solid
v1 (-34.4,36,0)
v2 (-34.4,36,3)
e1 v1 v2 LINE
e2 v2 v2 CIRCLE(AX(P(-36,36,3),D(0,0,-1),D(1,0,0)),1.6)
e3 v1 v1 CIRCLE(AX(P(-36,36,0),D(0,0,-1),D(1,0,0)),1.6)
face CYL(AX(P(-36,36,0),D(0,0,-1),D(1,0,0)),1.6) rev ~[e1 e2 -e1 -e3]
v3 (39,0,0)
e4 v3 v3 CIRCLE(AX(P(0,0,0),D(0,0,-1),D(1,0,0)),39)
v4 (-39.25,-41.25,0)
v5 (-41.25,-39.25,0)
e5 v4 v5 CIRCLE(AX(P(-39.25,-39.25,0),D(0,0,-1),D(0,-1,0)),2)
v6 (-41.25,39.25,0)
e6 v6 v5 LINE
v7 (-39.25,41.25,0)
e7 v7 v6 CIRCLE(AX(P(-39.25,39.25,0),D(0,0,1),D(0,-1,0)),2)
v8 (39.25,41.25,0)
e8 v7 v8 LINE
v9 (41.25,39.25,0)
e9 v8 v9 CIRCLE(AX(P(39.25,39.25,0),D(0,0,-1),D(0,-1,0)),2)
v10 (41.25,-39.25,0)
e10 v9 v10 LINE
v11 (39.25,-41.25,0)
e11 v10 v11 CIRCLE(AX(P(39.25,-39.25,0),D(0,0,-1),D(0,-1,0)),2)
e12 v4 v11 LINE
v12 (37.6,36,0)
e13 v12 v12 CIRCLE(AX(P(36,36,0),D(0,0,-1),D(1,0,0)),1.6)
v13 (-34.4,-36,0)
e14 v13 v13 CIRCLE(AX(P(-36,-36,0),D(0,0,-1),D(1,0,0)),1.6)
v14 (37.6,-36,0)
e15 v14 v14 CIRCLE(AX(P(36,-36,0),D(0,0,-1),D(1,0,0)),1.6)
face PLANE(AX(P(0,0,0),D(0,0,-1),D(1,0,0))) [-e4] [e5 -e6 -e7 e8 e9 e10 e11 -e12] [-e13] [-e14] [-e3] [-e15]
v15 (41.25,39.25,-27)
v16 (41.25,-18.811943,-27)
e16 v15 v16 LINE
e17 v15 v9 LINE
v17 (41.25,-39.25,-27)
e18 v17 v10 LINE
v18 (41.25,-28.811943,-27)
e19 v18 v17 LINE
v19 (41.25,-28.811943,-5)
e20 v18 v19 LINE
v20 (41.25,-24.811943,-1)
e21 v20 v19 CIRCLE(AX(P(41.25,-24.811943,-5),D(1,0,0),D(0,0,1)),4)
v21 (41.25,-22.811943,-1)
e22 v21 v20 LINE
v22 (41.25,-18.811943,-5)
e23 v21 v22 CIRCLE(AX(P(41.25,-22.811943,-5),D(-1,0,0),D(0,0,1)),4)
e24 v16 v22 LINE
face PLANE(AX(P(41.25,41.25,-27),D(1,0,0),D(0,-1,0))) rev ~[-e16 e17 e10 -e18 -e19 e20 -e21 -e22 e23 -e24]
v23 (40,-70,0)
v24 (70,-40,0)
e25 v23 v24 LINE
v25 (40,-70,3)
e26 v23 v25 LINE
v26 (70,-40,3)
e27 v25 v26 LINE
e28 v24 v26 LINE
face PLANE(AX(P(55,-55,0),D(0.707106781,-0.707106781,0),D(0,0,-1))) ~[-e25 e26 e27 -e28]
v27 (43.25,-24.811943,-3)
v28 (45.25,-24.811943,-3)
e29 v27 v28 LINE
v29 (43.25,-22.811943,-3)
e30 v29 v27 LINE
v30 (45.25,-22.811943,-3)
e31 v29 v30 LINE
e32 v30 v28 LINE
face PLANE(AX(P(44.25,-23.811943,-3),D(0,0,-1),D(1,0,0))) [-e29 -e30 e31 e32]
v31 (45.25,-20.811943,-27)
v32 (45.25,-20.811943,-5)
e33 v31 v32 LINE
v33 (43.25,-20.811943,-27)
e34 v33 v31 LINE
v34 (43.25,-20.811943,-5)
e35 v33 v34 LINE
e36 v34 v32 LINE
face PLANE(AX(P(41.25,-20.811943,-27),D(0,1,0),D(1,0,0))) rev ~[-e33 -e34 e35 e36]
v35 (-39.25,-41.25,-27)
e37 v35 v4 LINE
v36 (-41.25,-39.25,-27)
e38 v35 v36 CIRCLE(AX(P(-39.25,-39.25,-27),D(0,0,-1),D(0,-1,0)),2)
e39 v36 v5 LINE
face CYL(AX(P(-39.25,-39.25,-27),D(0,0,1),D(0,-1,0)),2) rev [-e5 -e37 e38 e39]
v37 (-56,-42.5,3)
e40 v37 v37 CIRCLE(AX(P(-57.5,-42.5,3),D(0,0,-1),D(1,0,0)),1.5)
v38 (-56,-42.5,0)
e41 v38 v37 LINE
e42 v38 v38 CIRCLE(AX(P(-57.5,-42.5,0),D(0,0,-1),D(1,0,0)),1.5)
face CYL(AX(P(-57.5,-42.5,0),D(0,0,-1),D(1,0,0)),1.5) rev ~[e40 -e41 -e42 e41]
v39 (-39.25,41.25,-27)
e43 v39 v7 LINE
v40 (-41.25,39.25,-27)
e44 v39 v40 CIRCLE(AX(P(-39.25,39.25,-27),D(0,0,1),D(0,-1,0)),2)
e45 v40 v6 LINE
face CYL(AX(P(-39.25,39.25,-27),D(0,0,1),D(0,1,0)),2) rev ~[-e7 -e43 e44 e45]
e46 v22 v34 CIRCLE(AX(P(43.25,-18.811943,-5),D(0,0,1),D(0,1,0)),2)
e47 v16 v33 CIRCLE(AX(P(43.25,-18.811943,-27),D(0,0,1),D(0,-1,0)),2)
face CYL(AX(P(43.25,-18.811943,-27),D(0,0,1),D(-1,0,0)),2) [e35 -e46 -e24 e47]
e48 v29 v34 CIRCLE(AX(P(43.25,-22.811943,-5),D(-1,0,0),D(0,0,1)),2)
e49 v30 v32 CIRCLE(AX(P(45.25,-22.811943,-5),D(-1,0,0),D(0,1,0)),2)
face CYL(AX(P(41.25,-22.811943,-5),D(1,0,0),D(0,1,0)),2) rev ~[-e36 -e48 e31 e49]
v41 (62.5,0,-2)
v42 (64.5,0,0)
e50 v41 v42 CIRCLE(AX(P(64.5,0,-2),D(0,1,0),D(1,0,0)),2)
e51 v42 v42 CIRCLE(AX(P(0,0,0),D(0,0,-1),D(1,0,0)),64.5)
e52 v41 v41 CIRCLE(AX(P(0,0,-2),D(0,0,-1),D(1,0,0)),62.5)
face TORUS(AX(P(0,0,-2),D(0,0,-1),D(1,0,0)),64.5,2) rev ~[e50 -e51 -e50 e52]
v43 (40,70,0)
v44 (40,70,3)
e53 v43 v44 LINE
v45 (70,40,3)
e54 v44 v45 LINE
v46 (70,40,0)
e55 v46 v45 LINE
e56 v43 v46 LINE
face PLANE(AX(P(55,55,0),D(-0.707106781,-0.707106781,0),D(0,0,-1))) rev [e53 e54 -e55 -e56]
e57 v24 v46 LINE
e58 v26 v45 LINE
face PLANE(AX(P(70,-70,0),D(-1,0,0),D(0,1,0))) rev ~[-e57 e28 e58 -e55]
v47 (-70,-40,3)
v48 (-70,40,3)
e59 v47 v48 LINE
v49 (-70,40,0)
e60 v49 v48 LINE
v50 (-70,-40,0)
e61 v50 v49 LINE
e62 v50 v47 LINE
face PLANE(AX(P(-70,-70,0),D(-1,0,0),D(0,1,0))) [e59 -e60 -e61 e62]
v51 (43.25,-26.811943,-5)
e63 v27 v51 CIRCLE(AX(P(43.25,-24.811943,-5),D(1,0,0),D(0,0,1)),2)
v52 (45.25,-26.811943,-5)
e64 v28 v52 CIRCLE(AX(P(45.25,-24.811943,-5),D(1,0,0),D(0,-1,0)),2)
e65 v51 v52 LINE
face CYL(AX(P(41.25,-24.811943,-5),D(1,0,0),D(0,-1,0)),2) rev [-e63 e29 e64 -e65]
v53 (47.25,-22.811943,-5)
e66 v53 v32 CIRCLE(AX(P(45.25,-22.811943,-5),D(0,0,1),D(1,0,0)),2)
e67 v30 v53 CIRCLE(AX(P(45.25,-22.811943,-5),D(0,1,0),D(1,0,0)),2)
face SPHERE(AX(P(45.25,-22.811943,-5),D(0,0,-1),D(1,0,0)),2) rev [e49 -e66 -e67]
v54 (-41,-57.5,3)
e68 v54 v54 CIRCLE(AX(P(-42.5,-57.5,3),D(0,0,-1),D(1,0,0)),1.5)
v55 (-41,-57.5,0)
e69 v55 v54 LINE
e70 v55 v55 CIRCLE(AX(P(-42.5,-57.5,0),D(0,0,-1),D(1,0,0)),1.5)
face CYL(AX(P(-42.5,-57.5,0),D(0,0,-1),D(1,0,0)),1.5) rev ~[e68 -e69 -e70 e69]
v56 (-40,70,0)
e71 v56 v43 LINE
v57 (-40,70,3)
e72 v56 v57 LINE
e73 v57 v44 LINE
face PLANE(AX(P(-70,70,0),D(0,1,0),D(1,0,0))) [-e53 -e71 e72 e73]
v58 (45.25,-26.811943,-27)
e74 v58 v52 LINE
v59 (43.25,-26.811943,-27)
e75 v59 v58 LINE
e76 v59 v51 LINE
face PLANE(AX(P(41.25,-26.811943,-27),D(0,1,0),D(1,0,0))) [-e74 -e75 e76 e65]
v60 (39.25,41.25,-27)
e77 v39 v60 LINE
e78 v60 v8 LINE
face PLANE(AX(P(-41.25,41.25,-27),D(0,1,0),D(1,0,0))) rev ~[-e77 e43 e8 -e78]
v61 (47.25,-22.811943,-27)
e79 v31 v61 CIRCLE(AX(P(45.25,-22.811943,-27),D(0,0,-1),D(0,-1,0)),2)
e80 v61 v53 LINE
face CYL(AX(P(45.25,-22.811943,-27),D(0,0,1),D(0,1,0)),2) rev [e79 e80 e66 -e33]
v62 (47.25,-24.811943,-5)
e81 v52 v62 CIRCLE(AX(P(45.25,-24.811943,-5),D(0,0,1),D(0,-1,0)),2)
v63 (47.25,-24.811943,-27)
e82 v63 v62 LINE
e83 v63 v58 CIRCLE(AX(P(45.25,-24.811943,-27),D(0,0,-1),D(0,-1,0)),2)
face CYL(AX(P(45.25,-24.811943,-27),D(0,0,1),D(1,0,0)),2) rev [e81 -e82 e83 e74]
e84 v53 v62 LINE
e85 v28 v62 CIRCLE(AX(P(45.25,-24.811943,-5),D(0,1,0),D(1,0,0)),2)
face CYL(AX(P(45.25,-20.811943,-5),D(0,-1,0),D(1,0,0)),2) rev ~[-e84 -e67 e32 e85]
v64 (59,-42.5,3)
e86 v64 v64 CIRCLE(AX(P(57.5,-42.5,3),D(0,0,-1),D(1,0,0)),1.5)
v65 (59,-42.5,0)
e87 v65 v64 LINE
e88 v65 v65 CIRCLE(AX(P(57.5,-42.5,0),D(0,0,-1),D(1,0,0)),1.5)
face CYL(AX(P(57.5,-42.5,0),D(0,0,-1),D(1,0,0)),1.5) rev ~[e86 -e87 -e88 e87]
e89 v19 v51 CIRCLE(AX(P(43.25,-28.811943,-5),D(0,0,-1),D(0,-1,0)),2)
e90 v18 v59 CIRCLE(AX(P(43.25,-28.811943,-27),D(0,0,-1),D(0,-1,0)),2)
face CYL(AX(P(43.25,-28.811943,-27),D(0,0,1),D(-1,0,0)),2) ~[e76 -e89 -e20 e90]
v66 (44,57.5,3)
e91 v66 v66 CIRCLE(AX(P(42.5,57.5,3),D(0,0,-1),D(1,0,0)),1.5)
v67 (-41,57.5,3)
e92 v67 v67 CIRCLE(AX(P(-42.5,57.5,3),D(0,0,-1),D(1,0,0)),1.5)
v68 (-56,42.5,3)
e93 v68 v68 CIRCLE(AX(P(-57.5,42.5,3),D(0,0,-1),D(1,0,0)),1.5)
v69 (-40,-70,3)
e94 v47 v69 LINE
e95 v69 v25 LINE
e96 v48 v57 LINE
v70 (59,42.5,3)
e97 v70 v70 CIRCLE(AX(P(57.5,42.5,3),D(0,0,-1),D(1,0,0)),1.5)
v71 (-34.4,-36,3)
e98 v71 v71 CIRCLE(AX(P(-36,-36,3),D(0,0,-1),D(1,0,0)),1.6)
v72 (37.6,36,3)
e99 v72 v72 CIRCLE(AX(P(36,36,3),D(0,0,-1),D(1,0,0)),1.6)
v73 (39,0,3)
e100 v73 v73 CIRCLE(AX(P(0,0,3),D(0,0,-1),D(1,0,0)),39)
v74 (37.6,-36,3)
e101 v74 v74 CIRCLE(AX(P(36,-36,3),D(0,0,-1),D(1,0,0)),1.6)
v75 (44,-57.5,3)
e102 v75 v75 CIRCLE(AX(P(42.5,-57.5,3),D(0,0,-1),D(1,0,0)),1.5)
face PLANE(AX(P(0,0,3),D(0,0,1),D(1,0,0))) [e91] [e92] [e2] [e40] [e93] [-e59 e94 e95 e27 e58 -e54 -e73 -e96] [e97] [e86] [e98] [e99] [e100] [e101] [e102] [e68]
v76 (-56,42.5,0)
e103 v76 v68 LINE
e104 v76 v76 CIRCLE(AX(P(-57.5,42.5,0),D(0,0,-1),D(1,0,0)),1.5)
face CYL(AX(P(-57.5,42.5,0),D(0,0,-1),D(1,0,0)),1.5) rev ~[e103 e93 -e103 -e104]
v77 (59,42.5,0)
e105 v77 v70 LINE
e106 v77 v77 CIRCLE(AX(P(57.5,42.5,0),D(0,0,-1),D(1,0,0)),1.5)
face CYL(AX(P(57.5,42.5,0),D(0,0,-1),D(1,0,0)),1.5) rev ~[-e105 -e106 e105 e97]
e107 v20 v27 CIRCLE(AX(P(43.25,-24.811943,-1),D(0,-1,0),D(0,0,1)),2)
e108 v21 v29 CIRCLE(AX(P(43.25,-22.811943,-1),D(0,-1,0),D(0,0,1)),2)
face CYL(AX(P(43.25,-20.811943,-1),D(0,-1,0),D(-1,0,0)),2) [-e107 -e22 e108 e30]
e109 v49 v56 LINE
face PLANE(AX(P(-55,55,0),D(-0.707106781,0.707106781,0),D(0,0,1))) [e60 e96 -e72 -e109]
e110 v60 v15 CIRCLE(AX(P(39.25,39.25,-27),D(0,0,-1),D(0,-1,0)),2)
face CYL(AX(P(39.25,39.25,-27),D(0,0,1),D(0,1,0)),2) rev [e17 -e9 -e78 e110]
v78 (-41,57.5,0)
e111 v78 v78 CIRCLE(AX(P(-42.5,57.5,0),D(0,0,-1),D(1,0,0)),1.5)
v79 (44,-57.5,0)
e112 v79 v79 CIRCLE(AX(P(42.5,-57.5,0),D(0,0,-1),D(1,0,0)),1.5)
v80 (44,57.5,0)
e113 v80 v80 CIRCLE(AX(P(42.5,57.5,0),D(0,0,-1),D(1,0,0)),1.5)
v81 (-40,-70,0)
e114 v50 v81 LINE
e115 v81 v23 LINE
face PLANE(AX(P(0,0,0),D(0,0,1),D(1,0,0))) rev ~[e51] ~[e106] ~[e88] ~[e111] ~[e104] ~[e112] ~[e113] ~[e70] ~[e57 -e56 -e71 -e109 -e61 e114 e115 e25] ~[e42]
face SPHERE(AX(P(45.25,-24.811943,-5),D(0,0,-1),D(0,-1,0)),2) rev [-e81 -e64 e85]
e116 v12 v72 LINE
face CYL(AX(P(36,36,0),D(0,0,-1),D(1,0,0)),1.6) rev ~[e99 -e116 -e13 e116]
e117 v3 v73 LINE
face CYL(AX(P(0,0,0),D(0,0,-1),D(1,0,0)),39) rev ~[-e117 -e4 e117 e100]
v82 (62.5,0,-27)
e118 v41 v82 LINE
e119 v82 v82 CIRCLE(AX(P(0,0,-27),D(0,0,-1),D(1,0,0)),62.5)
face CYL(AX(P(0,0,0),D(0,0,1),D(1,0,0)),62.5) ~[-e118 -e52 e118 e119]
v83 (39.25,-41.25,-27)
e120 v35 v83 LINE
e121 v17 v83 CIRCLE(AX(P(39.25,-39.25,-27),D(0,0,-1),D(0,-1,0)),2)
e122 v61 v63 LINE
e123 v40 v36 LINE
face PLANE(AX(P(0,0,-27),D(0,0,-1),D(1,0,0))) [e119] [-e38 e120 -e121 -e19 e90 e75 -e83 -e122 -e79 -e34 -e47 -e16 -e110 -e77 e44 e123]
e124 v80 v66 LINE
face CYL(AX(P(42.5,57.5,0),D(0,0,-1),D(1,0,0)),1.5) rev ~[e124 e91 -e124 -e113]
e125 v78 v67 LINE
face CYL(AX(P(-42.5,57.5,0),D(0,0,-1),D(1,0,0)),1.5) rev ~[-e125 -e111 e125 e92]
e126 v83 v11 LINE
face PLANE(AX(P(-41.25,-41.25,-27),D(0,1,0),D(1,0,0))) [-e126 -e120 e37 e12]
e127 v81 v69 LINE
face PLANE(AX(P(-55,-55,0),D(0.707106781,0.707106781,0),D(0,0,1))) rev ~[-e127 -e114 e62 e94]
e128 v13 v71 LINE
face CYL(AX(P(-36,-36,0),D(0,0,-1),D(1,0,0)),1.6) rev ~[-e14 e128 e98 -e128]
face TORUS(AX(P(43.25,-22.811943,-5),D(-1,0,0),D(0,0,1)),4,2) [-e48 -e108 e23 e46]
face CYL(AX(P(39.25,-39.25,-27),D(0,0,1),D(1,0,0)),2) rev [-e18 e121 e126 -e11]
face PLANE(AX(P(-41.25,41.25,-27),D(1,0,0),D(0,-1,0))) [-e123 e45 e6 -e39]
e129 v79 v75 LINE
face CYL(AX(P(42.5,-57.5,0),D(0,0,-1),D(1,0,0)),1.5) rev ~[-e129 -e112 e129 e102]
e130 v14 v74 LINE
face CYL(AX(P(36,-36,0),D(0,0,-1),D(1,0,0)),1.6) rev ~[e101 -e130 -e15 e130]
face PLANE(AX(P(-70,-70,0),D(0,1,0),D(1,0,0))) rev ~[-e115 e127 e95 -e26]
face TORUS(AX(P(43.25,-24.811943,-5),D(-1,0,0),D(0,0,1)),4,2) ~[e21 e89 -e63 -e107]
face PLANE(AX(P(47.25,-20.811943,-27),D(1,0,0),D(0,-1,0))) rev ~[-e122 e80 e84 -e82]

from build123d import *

# Parameters (mm, degrees)
SKETCH_W        = 140
SKETCH_H        = 140
PAD_DEPTH       = 3
SKETCH001_R     = 62.5
PAD001_DEPTH    = 27
SKETCH002_W     = 82.5
SKETCH002_H     = 82.5
POCKET_DEPTH    = 27
SKETCH003_R     = 1.6
SKETCH003_R_2   = 39
POCKET001_DEPTH = 5
FILLET_R        = 2
CHAMFER_SIZE    = 30
SKETCH004_R     = 1.5
HOLE_DEPTH      = 25
SKETCH005_W     = 6
SKETCH005_H     = 6
POCKET002_DEPTH = 24
FILLET001_R     = 2
FILLET002_R     = 2


with BuildPart() as part:
    # Sketch → Pad (new body)
    with BuildSketch(Plane.XY):
        Rectangle(SKETCH_W, SKETCH_H)
    extrude(amount=PAD_DEPTH)

    # Sketch001 (on Face5 of Pad) → Pad001 (join)
    with BuildSketch(Plane(origin=(0, 0, 0), x_dir=(1, 0, 0), z_dir=(0, 0, -1))):
        Circle(SKETCH001_R)
    extrude(amount=PAD001_DEPTH)

    # Sketch002 (on Face8 of Pad001) → Pocket (cut)
    with BuildSketch(Plane(origin=(0, 0, -27), x_dir=(1, 0, 0), z_dir=(0, 0, -1))):
        Rectangle(SKETCH002_W, SKETCH002_H)
    extrude(amount=-POCKET_DEPTH, mode=Mode.SUBTRACT)

    # Sketch003 (on Face13 of Pocket) → Pocket001 (cut)
    with BuildSketch(Plane(origin=(0, 0, 0), x_dir=(1, 0, 0), z_dir=(0, 0, -1))):
        with Locations((-36, 36)):
            Circle(SKETCH003_R)
        with Locations((36, 36)):
            Circle(SKETCH003_R)
        with Locations((-36, -36)):
            Circle(SKETCH003_R)
        with Locations((36, -36)):
            Circle(SKETCH003_R)
        Circle(SKETCH003_R_2)
    extrude(amount=-POCKET001_DEPTH, mode=Mode.SUBTRACT)

    # Fillet
    fillet_edges = [part.edges().sort_by_distance(p)[0] for p in [
        (41.25, 41.25, -13.5),
        (-41.25, 41.25, -13.5),
        (-41.25, -41.25, -13.5),
        (41.25, -41.25, -13.5),
    ]]
    fillet(fillet_edges, radius=FILLET_R)

    # Chamfer
    chamfer_edges = [part.edges().sort_by_distance(p)[0] for p in [
        (70, 70, 1.5),
        (-70, 70, 1.5),
        (70, -70, 1.5),
        (-70, -70, 1.5),
    ]]
    chamfer(chamfer_edges, length=CHAMFER_SIZE)

    # Sketch004 (on Face1 of Chamfer) → Hole (cut)
    with BuildSketch(Plane(origin=(0, 0, 0), x_dir=(1, 0, 0), z_dir=(0, 0, -1))):
        with Locations((-42.5, 57.5)):
            Circle(SKETCH004_R)
        with Locations((-57.5, 42.5)):
            Circle(SKETCH004_R)
        with Locations((42.5, 57.5)):
            Circle(SKETCH004_R)
        with Locations((57.5, 42.5)):
            Circle(SKETCH004_R)
        with Locations((57.5, -42.5)):
            Circle(SKETCH004_R)
        with Locations((42.5, -57.5)):
            Circle(SKETCH004_R)
        with Locations((-42.5, -57.5)):
            Circle(SKETCH004_R)
        with Locations((-57.5, -42.5)):
            Circle(SKETCH004_R)
    extrude(amount=-HOLE_DEPTH, mode=Mode.SUBTRACT)

    # Sketch005 (on Face20 of Hole) → Pocket002 (cut)
    with BuildSketch(Plane(origin=(0, 0, -27), x_dir=(1, 0, 0), z_dir=(0, 0, -1))):
        with Locations((44.25, 23.811943)):
            Rectangle(SKETCH005_W, SKETCH005_H)
    extrude(amount=-POCKET002_DEPTH, mode=Mode.SUBTRACT)

    # Fillet001
    fillet001_edges = [part.edges().sort_by_distance(p)[0] for p in [
        (41.25, -26.811943, -15),
        (47.25, -26.811943, -15),
        (47.25, -20.811943, -15),
        (41.25, -20.811943, -15),
        (44.25, -26.811943, -3),
        (47.25, -23.811943, -3),
        (44.25, -20.811943, -3),
        (41.25, -23.811943, -3),
    ]]
    fillet(fillet001_edges, radius=FILLET001_R)

    # Fillet002
    fillet002_edges = [part.edges().sort_by_distance(p)[0] for p in [
        (-62.5, 0, 0),
    ]]
    fillet(fillet002_edges, radius=FILLET002_R)


solid = part.part
